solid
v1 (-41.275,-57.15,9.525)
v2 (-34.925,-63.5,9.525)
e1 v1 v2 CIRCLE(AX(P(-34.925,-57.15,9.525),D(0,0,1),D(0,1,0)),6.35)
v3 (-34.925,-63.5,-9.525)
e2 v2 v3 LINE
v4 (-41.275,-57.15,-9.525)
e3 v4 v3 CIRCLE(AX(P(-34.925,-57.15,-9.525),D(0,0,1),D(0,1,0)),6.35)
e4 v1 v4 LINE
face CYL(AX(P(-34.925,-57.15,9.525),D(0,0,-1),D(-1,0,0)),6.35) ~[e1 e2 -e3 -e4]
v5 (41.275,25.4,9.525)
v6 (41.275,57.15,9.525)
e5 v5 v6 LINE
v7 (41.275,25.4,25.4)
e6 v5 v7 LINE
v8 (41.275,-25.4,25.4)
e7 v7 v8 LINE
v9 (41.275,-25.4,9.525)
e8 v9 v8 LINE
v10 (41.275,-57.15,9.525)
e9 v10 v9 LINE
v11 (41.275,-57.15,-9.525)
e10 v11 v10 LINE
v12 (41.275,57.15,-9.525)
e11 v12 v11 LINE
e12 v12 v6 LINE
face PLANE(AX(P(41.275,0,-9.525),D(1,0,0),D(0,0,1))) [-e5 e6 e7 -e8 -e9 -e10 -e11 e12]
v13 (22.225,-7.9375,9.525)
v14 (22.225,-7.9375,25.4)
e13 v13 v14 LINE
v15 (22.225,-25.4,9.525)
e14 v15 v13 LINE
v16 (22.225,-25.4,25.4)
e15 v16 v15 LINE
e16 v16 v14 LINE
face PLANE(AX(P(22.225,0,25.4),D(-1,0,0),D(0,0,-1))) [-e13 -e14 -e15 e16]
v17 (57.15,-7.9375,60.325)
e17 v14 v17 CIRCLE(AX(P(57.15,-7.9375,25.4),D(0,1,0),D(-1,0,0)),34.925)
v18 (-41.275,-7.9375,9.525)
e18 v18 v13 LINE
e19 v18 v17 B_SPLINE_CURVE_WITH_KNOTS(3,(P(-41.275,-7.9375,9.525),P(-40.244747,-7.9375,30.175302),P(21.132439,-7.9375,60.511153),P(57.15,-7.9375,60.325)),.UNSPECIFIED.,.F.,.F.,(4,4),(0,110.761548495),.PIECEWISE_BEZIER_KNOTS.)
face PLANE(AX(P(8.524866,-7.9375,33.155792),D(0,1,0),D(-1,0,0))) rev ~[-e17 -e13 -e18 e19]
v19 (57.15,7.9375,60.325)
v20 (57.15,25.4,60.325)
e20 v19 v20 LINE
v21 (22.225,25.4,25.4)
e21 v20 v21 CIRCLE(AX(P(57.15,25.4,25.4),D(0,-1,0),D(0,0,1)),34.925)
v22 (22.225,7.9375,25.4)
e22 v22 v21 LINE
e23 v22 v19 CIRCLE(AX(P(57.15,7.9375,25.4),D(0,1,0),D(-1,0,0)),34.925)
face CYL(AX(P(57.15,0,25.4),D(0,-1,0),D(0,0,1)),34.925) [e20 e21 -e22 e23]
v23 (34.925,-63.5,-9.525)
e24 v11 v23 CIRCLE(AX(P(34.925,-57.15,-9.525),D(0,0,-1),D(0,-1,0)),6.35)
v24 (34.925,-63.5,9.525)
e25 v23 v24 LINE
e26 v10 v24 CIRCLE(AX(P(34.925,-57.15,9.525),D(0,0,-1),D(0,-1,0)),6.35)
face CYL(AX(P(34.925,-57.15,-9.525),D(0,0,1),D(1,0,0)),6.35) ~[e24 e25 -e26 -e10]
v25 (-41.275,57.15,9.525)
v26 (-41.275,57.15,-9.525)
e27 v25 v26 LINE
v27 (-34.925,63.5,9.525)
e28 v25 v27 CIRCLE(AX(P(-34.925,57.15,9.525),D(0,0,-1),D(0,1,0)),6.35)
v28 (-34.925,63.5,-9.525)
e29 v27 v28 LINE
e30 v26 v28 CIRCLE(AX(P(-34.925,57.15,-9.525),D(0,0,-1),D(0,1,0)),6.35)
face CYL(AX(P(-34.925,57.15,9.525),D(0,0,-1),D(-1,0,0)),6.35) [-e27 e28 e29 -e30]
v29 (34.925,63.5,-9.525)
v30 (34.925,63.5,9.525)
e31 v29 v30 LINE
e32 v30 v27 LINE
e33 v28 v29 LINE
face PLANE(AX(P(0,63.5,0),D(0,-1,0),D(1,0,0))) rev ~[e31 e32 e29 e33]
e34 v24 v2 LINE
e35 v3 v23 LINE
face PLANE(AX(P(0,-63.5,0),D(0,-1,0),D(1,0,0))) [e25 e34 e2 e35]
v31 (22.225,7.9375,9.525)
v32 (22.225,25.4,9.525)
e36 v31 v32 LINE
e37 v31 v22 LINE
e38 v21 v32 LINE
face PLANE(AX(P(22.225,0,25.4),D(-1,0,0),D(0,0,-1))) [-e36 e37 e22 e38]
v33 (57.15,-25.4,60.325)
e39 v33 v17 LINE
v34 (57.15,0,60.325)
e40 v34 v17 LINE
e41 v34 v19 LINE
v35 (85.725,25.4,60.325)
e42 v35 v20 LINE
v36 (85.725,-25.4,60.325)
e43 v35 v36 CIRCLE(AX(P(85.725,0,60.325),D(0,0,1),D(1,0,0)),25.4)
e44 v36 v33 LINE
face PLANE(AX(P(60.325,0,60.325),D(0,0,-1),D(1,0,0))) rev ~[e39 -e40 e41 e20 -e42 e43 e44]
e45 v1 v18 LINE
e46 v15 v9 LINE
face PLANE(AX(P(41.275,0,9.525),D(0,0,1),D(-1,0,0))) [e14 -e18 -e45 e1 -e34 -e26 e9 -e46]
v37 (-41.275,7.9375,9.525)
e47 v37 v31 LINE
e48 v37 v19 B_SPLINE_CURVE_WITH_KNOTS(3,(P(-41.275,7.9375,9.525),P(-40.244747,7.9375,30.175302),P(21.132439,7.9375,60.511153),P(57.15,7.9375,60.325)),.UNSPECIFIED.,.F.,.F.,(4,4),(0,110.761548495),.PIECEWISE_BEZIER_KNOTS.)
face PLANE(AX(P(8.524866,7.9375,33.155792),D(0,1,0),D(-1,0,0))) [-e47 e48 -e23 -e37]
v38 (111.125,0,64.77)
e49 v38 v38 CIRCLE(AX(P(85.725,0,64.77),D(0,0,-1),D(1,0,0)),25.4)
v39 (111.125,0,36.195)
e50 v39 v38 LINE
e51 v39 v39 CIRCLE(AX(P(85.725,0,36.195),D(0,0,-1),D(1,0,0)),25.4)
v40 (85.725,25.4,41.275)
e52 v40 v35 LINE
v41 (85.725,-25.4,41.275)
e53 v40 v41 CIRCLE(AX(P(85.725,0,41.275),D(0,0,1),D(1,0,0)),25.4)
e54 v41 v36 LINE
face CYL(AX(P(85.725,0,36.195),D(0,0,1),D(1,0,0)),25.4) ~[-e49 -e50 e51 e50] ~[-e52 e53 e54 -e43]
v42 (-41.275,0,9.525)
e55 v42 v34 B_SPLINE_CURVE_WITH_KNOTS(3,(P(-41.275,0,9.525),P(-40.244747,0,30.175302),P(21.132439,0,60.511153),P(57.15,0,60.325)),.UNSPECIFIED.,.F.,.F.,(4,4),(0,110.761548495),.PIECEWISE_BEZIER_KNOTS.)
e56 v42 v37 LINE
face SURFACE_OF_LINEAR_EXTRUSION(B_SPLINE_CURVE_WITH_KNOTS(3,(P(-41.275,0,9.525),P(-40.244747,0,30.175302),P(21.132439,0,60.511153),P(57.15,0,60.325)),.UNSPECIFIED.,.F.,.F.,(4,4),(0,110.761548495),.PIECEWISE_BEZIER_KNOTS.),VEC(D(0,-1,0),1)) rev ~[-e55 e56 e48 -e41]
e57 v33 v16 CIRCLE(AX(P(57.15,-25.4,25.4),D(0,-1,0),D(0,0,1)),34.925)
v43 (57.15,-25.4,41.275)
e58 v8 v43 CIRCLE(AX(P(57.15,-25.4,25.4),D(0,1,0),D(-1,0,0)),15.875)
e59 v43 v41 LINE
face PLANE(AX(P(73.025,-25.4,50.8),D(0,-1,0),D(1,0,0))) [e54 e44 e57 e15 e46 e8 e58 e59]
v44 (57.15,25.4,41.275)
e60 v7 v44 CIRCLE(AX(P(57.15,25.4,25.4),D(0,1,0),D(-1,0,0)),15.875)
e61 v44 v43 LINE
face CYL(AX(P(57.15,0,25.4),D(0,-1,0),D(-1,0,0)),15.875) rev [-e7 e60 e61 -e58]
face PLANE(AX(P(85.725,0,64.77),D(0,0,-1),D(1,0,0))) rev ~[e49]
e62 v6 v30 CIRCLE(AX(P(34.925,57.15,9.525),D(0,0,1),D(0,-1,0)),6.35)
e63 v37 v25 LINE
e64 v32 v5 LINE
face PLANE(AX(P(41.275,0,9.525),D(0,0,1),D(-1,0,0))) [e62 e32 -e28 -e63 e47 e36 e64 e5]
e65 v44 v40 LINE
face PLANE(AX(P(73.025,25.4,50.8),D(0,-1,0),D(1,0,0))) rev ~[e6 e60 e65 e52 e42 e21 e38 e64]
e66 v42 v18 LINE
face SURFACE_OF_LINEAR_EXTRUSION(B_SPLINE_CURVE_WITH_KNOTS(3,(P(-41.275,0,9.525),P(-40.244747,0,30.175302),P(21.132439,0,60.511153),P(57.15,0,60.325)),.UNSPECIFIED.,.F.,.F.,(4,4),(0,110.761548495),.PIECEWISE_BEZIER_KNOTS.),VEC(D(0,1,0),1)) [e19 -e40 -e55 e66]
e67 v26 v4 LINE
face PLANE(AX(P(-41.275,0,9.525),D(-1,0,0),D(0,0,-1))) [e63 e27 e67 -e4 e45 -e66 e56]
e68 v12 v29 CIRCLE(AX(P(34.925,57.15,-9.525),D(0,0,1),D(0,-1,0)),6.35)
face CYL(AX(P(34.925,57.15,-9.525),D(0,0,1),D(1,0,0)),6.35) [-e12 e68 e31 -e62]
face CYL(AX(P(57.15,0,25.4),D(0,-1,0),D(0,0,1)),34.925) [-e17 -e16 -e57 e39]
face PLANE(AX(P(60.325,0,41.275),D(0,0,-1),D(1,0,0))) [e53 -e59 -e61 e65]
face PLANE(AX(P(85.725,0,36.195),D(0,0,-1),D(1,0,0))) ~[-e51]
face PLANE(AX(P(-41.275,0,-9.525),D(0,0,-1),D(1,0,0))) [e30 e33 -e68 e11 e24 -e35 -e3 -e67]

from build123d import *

# Parameters (mm, degrees)
F1_DEPTH = 63.5
F2_DEPTH = 25.4
F3_DEPTH = 7.9375
F0_W     = 25.4
F0_H     = 19.05
F4_DEPTH = 25.4
F6_R     = 6.35


with BuildPart() as f1:
    # F0 (on Front) → F1 (new body, symmetric)
    with BuildSketch(Plane.XZ):
        Polygon((-41.275, 9.525), (-41.275, -9.525), (41.275, -9.525), (41.275, 9.525), (22.225, 9.525), align=None)
    extrude(amount=F1_DEPTH, both=True)

    # F0 (on Front) → F2 (join, symmetric)
    with BuildSketch(Plane.XZ):
        with BuildLine():
            Line((22.225, 9.525), (41.275, 9.525))
            Line((41.275, 9.525), (41.275, 25.4))
            ThreePointArc((41.275, 25.4), (45.9246798487, 36.6253201513), (57.15, 41.275))
            Line((57.15, 41.275), (60.325, 41.275))
            Line((60.325, 41.275), (60.325, 60.325))
            Line((60.325, 60.325), (57.15, 60.325))
            ThreePointArc((57.15, 60.325), (32.4542956671, 50.0957043329), (22.225, 25.4))
            Line((22.225, 25.4), (22.225, 9.525))
        make_face()
    extrude(amount=F2_DEPTH, both=True)

    # F0 (on Front) → F3 (join, symmetric)
    with BuildSketch(Plane.XZ):
        with BuildLine():
            add(Edge.make_bspline(
                [(-41.275, 9.525), (-40.2447469532, 30.1753021777), (21.1324393749, 60.5111531913), (57.15, 60.325)],
                knots=[0, 0, 0, 0, 110.761548495, 110.761548495, 110.761548495, 110.761548495], degree=3))
            Line((-41.275, 9.525), (22.225, 9.525))
            Line((22.225, 9.525), (22.225, 25.4))
            ThreePointArc((22.225, 25.4), (32.4542956671, 50.0957043329), (57.15, 60.325))
        make_face()
    extrude(amount=F3_DEPTH, both=True)

    # F0 (on Front) → F4 (join, symmetric)
    with BuildSketch(Plane.XZ):
        with Locations((73.025, 50.8)):
            Rectangle(F0_W, F0_H)
    extrude(amount=F4_DEPTH, both=True)

    # F0 (on Front) → F5 (revolve)
    with BuildSketch(Plane.XZ):
        Polygon((85.725, 64.77), (85.725, 60.325), (85.725, 41.275), (85.725, 36.195), (111.125, 36.195), (111.125, 64.77), align=None)
    revolve(axis=Axis((85.725, 0, 50.8), (0, 0, -1)))

    # F6
    f6_edges = [f1.edges().sort_by_distance(p)[0] for p in [
        (41.275, -63.5, 0),
        (-41.275, -63.5, 0),
        (41.275, 63.5, 0),
        (-41.275, 63.5, 0),
    ]]
    fillet(f6_edges, radius=F6_R)


solid = f1.part
